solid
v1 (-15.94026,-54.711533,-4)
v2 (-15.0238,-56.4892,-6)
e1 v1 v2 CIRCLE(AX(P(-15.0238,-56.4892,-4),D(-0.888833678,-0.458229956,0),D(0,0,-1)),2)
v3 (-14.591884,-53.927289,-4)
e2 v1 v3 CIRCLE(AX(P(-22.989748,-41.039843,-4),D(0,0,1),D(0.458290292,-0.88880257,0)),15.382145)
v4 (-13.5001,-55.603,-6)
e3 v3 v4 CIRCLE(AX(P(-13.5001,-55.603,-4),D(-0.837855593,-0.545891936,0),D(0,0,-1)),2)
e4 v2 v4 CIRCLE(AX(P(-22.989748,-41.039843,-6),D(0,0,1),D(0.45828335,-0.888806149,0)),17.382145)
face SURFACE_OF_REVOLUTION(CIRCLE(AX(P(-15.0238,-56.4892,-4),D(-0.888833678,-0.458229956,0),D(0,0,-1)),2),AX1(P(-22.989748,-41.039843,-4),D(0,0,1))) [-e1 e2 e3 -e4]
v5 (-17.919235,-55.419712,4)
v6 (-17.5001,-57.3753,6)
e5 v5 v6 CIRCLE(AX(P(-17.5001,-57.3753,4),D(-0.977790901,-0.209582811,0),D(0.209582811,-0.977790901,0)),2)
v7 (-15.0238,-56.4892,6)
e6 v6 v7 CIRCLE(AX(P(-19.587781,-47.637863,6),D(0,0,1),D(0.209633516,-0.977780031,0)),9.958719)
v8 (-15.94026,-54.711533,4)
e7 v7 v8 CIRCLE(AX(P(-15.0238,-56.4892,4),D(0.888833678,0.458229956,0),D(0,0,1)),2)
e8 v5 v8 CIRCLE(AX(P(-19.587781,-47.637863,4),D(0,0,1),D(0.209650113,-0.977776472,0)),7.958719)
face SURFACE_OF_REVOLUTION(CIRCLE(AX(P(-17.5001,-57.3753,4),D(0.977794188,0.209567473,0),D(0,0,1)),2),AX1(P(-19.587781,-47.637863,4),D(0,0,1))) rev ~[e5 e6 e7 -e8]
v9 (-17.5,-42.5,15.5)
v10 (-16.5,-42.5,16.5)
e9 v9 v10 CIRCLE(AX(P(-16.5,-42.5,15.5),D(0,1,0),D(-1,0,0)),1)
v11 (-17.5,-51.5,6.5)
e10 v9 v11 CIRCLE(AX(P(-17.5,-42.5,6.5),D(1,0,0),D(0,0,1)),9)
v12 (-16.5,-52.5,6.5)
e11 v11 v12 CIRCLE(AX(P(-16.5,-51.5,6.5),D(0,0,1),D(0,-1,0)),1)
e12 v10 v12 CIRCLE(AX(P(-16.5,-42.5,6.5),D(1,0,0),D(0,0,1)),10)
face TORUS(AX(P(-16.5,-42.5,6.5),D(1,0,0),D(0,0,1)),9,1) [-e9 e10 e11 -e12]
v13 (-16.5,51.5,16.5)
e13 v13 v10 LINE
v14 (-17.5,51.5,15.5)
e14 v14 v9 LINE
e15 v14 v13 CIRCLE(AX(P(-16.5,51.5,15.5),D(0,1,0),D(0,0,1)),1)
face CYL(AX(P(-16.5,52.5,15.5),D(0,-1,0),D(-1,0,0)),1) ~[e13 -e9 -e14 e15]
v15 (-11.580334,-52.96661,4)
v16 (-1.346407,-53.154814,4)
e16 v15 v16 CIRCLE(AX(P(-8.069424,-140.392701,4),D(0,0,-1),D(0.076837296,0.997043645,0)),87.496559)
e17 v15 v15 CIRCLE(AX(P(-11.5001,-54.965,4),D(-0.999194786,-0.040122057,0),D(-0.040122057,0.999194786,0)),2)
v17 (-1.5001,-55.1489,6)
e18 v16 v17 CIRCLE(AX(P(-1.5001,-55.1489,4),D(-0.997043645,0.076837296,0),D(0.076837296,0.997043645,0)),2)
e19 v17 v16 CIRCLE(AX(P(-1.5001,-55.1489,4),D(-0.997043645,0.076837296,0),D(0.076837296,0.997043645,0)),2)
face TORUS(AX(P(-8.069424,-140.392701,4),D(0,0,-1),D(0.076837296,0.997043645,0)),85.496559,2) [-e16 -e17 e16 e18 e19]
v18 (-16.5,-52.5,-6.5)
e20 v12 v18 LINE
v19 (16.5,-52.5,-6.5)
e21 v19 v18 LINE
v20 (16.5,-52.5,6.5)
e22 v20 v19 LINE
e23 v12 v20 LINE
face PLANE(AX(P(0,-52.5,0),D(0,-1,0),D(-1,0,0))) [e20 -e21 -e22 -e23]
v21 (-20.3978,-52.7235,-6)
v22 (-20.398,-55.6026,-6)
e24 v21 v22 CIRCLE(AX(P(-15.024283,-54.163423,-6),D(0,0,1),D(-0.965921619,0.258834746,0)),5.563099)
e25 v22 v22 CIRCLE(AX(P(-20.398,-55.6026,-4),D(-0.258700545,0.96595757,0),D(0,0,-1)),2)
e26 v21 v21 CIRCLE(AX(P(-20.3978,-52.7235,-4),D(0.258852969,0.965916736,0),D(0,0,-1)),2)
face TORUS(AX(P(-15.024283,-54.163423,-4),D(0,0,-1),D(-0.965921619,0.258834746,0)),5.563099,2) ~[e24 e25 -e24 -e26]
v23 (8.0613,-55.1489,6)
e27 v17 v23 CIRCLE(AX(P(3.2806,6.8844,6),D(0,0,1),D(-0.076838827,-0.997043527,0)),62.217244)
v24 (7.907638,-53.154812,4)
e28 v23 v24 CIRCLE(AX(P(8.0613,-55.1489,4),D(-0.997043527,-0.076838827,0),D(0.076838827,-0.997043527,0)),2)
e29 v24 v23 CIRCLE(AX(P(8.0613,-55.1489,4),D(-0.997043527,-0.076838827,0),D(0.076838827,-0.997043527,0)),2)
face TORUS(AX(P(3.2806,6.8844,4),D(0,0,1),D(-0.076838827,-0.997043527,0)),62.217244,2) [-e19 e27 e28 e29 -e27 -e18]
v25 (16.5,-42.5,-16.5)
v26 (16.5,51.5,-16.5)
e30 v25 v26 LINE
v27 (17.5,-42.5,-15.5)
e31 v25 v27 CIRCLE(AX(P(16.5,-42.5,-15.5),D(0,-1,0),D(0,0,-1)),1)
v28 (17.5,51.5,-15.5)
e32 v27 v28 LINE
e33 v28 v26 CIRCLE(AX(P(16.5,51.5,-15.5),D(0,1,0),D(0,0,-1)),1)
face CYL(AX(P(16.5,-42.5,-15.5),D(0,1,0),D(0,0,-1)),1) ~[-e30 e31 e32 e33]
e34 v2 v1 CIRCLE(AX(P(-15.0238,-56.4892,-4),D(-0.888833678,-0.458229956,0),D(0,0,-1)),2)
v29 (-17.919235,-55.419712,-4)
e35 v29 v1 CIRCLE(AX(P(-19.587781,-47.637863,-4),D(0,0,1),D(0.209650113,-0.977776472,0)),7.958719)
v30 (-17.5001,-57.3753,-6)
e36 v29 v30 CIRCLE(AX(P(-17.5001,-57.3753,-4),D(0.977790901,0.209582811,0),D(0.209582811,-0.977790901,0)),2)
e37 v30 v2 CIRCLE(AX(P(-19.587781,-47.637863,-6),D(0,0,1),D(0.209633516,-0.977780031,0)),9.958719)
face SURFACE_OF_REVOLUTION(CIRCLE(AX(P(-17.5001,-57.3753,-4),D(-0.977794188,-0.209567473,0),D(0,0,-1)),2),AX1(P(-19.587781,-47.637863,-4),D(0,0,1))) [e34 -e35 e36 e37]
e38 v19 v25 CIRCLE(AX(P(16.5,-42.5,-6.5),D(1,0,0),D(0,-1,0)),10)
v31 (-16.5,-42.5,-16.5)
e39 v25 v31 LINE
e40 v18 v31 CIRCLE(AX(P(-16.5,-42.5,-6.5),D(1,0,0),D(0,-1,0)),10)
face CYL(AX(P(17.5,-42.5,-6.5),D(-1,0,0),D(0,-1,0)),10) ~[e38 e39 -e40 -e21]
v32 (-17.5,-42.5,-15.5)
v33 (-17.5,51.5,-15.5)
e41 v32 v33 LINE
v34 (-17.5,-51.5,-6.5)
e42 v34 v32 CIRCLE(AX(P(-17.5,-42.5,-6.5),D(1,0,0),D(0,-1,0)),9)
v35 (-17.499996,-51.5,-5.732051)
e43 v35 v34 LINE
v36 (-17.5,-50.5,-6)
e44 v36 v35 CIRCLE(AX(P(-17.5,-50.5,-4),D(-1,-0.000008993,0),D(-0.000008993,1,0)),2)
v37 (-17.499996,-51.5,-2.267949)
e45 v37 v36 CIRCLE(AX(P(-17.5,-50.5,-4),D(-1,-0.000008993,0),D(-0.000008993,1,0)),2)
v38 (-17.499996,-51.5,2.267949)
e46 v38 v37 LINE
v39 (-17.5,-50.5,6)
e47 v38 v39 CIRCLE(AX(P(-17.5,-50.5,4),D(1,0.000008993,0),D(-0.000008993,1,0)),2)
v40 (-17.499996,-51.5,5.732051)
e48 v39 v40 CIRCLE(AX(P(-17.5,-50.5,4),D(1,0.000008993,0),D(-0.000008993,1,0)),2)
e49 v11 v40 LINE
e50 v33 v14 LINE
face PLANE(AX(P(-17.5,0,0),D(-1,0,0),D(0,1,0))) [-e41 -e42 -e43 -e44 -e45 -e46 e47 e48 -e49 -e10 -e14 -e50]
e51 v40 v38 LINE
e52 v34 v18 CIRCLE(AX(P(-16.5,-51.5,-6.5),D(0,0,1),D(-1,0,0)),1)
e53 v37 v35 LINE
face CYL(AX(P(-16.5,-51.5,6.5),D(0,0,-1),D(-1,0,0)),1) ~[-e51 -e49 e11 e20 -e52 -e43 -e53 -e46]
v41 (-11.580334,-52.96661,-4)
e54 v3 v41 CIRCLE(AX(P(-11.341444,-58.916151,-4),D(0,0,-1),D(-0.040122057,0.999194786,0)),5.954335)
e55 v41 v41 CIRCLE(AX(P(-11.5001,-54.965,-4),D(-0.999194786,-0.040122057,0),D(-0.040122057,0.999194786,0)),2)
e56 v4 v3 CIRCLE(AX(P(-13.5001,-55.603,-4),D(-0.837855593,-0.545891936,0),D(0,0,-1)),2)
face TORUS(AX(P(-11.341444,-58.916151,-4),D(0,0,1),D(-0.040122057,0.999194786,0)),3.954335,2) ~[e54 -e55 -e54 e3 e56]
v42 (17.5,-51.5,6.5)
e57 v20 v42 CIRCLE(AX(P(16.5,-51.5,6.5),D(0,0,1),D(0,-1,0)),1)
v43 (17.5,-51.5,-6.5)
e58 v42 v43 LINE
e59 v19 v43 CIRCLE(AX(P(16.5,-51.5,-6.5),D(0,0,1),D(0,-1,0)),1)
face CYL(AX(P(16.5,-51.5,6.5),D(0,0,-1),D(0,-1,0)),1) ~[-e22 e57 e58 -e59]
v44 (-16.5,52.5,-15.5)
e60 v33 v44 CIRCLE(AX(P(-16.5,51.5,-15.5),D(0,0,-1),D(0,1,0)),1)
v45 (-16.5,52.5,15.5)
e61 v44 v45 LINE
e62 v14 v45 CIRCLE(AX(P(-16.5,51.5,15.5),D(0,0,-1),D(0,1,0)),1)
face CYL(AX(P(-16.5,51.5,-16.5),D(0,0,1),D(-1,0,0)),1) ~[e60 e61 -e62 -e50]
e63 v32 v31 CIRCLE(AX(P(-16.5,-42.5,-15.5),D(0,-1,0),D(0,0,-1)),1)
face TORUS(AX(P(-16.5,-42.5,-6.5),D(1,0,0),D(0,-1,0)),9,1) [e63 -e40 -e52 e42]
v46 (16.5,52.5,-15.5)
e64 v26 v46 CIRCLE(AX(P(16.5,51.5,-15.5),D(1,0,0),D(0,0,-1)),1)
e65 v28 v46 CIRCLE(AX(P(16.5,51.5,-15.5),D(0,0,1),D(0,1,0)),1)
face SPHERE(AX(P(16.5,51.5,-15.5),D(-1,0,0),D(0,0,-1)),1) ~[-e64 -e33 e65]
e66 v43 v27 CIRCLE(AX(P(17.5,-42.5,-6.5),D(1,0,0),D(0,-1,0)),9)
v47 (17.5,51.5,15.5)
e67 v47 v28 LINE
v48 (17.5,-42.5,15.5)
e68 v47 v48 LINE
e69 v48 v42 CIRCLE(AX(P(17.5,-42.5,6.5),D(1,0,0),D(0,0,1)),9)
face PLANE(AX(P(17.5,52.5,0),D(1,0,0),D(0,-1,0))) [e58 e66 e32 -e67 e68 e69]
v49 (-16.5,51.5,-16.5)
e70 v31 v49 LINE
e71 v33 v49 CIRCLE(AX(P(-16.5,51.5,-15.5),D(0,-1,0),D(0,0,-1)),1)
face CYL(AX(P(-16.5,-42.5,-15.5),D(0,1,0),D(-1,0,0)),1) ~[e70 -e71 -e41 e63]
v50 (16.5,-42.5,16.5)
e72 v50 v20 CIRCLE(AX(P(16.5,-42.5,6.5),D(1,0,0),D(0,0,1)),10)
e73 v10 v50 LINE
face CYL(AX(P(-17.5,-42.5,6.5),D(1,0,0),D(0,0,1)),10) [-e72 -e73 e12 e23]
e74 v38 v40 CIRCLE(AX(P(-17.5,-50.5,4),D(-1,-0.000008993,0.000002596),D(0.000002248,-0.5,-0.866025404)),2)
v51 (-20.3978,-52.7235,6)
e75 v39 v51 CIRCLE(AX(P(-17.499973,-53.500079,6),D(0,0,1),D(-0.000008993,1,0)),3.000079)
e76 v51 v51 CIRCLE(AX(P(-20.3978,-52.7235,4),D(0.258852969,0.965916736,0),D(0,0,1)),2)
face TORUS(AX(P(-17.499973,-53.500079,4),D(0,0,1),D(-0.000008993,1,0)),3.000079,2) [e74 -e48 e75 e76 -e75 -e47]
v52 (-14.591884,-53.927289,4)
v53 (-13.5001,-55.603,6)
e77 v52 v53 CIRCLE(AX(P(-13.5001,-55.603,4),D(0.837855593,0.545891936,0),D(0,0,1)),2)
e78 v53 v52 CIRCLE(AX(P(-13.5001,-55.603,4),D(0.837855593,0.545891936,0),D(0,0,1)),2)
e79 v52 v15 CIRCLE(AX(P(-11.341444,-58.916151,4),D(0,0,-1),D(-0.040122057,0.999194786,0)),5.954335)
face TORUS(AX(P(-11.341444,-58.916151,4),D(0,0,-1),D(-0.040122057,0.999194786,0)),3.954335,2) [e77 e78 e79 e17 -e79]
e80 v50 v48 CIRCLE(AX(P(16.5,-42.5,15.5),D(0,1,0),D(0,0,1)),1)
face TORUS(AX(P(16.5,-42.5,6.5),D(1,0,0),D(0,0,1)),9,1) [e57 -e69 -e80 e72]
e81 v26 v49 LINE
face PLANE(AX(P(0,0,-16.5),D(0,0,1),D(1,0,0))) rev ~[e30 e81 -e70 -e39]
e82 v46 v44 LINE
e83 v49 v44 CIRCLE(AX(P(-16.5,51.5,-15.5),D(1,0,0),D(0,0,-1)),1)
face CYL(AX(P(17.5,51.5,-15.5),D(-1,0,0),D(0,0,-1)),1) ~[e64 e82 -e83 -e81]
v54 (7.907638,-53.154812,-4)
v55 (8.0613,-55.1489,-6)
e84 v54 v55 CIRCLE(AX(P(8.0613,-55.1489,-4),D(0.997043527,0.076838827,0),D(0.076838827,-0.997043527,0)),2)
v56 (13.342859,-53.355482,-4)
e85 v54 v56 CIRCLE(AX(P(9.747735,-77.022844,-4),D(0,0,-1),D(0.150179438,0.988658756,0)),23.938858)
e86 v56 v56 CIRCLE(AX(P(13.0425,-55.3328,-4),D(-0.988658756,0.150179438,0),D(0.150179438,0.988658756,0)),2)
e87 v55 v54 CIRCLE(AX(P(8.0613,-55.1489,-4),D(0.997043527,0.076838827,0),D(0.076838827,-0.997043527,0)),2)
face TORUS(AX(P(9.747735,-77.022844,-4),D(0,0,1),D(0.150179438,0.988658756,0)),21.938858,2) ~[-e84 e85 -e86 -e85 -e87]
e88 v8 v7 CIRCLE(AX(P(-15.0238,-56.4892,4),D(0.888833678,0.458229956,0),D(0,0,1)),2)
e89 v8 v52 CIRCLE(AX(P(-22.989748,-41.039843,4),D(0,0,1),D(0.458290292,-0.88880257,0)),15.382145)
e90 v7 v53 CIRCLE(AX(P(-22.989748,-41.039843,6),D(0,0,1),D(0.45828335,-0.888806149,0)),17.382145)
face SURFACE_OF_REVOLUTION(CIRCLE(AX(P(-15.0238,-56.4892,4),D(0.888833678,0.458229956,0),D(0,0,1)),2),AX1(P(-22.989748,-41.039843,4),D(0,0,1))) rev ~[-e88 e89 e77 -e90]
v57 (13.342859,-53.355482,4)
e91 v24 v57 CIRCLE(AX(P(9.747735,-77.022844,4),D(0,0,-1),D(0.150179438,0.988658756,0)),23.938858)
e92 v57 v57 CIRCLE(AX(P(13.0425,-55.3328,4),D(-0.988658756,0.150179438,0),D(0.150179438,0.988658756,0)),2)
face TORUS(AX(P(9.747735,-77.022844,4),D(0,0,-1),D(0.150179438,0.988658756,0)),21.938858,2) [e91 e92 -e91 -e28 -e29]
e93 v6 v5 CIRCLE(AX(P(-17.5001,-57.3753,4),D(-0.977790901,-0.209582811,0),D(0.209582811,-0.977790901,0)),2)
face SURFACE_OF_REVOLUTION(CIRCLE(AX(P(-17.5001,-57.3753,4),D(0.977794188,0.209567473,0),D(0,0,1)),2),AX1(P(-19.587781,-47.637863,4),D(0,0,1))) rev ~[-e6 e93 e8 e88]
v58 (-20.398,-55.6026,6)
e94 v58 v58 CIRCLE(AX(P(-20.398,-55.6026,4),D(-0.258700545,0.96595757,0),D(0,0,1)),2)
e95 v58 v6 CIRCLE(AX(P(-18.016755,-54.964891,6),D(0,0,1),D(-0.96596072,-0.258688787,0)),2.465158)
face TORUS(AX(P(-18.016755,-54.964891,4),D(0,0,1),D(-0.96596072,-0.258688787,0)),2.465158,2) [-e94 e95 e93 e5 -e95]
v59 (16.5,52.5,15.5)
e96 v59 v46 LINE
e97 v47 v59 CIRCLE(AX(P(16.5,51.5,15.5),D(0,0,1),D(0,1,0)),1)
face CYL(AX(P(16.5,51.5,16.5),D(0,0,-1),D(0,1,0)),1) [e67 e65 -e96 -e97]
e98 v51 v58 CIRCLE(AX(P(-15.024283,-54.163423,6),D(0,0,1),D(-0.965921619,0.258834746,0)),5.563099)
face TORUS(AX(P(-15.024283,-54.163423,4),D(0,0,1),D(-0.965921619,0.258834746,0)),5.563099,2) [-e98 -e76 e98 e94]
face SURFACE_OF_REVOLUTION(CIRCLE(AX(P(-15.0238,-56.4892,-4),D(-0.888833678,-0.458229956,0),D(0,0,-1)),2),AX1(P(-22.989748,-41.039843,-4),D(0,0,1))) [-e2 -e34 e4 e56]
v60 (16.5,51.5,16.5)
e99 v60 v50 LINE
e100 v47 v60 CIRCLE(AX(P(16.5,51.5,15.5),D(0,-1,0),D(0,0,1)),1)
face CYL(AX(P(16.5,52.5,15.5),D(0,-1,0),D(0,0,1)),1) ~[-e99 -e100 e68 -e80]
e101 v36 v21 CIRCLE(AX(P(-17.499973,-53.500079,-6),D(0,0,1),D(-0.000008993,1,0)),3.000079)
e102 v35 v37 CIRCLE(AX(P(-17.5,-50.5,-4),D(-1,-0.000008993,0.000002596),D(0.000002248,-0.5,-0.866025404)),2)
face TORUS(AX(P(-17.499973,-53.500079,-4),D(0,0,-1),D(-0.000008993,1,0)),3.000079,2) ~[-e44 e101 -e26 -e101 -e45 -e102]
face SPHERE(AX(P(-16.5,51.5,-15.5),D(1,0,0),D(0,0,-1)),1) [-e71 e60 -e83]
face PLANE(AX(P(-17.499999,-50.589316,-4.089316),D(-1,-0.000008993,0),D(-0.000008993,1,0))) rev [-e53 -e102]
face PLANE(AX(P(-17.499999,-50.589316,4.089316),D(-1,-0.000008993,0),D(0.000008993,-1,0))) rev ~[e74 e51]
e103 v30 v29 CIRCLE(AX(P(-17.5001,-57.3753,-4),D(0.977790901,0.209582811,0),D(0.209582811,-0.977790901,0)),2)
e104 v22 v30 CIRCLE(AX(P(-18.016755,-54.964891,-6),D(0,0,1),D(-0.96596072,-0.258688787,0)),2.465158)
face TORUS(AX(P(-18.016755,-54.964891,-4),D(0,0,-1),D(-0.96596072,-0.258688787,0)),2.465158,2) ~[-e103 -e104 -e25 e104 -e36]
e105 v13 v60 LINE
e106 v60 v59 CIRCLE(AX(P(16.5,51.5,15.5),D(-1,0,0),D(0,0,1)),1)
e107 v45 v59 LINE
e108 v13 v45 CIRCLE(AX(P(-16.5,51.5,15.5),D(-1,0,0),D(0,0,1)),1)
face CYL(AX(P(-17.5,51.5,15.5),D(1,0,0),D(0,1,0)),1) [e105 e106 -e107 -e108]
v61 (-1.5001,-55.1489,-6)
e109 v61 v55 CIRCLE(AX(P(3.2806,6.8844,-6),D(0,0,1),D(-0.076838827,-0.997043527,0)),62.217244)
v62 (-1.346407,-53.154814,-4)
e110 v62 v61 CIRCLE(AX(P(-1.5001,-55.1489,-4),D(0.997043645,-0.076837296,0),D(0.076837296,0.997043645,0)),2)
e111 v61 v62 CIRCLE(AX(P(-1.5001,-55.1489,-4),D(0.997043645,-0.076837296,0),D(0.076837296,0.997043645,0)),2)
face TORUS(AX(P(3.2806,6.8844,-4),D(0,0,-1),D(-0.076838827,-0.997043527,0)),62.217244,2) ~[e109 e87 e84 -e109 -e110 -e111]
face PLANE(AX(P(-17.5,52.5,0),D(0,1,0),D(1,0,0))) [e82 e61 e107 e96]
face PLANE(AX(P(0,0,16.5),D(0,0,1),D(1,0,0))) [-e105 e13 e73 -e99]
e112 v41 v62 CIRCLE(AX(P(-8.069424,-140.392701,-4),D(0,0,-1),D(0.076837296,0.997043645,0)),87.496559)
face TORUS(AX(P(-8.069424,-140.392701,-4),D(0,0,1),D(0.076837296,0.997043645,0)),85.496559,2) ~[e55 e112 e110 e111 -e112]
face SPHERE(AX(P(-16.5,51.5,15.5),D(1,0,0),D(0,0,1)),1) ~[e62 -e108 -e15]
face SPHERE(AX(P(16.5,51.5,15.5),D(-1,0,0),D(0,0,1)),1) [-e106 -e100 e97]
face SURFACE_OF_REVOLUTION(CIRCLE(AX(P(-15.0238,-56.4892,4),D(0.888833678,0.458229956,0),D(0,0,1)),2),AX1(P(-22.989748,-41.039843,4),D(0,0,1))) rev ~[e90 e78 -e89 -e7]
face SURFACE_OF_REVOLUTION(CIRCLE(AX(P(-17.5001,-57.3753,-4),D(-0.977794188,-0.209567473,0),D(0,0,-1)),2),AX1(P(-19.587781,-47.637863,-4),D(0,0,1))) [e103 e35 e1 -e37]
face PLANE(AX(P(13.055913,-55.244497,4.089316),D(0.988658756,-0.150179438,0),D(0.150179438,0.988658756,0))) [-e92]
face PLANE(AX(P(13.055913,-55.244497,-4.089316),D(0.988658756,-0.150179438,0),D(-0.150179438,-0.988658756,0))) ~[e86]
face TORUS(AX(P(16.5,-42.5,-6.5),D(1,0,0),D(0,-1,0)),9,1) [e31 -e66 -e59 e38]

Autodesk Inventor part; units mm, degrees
ref_plane "YZ Plane" through (0, 0, 0) normal (1, 0, 0) x (0, 1, 0)
ref_plane "XZ Plane" through (0, 0, 0) normal (0, 1, 0) x (-1, 0, 0)
sketch "Skizze1" plane through (0, 0, 0) normal (0, 0, 1) x (1, 0, 0)
  line L0 (-17.5, 52.5) -> (17.5, 52.5)
  line L1 (17.5, 52.5) -> (17.5, -52.5)
  line L2 (17.5, -52.5) -> (-17.5, -52.5)
  line L3 (-17.5, -52.5) -> (-17.5, 52.5)
  line L4 (0, 73.5) -> (0, -73.5) projected
  line L5 (-24.5, 0) -> (24.5, 0) projected
  point P0 (0, 0)
  dimension "d0" = 35
  dimension "d2" = 105
extrude "Extrusion1" add sketch "Skizze1" along normal mid plane 33
fillet "Rundung1" radius 10 2 edges at (0, -52.5, -16.5) (0, -52.5, 16.5)
ref_plane "Arbeitsebene4" through (0, 0, 4) normal (0, 0, 1) x (1, 0, 0)
fillet "Rundung2" radius 1 14 edges at (0, 52.5, 16.5) (0, 52.5, -16.5) (-17.5, -49.5711, -13.5711) (-17.5, -52.5, 0) (-17.5, -49.5711, 13.5711) (-17.5, 5, 16.5) (-17.5, 5, -16.5) (17.5, -49.5711, -13.5711) (17.5, -52.5, 0) (17.5, -49.5711, 13.5711) (17.5, 5, 16.5) (17.5, 5, -16.5) (-17.5, 52.5, 0) (17.5, 52.5, 0)
sketch "Skizze10" plane through (-17.5, -42.5, -15.5) normal (-1, 0, 0) x (0, 0, 1)
  line L0 (19.5, -10.2235) -> (19.5, -8) projected
  circle A0 centre (19.5, -8) radius 2
  point P0 (15.5, 42.5)
  dimension "d42" = 4
sketch "Skizze9" plane through (0, 0, 4) normal (0, 0, 1) x (1, 0, 0)
  arc A0 (-17.5, -50.5) -> (-20.3978, -52.7235) centre (-17.5, -53.5) ccw
  line L0 (-17.5, -53.5) -> (-20.3978, -52.7235) construction
  line L1 (-17.5, -53.5) -> (-17.5, -50.5) construction
  line L2 (16.5, -52.5) -> (-16.5, -52.5) projected
  line L3 (-17.5, -51.5) -> (-17.5, -42.5) projected
  arc A1 (-20.3978, -52.7235) -> (-20.398, -55.6026) centre (-15.0237, -54.1635) ccw
  arc A2 (-20.398, -55.6026) -> (-17.5001, -57.3753) centre (-18.0169, -54.965) ccw
  arc A3 (-17.5001, -57.3753) -> (-15.0238, -56.4892) centre (-19.5876, -47.6385) ccw
  arc A4 (-15.0238, -56.4892) -> (-13.5001, -55.603) centre (-22.9975, -41.0257) ccw
  arc A5 (-11.5001, -54.965) -> (-13.5001, -55.603) centre (-11.3414, -58.9164) ccw
  arc A6 (-1.5001, -55.1489) -> (-11.5001, -54.965) centre (-8.069, -140.3838) ccw
  arc A7 (-1.5001, -55.1489) -> (8.0613, -55.1489) centre (3.2806, 6.8844) ccw
  arc A8 (13.0425, -55.3328) -> (8.0613, -55.1489) centre (9.7474, -77.0264) ccw
  point P0 (-0.5, 0)
  dimension "d38" = 75
  dimension "d40" = 3
  dimension "d43" = 1
  dimension "d46" = 21.9424
  dimension "d47" = 62.2172
  dimension "d48" = 85.4877
  dimension "d49" = 3.9546
  dimension "d50" = 5.5637
  dimension "d51" = 2.465
  dimension "d52" = 9.958
  dimension "d53" = 17.3983
  dimension "d54" = 2.8328
  dimension "d55" = 30.5425
  dimension "d56" = 24.5264
  dimension "d57" = 2.6489
  dimension "d58" = 52.5
  dimension "d59" = 17
  dimension "d60" = 2.6489
  dimension "d61" = 6.4164
  dimension "d62" = 3.103
sweep "Sweeping4" add profiles "Skizze10" path "Skizze9" path curves A0 A1 A2 A3 A4 A5 A6 A7 A8
mirror "Spiegeln3" about plane through (0, 0, 0) normal (0, 0, 1) of "Sweeping4"
properties part number "Battery4S" material "ABS Plastic"
